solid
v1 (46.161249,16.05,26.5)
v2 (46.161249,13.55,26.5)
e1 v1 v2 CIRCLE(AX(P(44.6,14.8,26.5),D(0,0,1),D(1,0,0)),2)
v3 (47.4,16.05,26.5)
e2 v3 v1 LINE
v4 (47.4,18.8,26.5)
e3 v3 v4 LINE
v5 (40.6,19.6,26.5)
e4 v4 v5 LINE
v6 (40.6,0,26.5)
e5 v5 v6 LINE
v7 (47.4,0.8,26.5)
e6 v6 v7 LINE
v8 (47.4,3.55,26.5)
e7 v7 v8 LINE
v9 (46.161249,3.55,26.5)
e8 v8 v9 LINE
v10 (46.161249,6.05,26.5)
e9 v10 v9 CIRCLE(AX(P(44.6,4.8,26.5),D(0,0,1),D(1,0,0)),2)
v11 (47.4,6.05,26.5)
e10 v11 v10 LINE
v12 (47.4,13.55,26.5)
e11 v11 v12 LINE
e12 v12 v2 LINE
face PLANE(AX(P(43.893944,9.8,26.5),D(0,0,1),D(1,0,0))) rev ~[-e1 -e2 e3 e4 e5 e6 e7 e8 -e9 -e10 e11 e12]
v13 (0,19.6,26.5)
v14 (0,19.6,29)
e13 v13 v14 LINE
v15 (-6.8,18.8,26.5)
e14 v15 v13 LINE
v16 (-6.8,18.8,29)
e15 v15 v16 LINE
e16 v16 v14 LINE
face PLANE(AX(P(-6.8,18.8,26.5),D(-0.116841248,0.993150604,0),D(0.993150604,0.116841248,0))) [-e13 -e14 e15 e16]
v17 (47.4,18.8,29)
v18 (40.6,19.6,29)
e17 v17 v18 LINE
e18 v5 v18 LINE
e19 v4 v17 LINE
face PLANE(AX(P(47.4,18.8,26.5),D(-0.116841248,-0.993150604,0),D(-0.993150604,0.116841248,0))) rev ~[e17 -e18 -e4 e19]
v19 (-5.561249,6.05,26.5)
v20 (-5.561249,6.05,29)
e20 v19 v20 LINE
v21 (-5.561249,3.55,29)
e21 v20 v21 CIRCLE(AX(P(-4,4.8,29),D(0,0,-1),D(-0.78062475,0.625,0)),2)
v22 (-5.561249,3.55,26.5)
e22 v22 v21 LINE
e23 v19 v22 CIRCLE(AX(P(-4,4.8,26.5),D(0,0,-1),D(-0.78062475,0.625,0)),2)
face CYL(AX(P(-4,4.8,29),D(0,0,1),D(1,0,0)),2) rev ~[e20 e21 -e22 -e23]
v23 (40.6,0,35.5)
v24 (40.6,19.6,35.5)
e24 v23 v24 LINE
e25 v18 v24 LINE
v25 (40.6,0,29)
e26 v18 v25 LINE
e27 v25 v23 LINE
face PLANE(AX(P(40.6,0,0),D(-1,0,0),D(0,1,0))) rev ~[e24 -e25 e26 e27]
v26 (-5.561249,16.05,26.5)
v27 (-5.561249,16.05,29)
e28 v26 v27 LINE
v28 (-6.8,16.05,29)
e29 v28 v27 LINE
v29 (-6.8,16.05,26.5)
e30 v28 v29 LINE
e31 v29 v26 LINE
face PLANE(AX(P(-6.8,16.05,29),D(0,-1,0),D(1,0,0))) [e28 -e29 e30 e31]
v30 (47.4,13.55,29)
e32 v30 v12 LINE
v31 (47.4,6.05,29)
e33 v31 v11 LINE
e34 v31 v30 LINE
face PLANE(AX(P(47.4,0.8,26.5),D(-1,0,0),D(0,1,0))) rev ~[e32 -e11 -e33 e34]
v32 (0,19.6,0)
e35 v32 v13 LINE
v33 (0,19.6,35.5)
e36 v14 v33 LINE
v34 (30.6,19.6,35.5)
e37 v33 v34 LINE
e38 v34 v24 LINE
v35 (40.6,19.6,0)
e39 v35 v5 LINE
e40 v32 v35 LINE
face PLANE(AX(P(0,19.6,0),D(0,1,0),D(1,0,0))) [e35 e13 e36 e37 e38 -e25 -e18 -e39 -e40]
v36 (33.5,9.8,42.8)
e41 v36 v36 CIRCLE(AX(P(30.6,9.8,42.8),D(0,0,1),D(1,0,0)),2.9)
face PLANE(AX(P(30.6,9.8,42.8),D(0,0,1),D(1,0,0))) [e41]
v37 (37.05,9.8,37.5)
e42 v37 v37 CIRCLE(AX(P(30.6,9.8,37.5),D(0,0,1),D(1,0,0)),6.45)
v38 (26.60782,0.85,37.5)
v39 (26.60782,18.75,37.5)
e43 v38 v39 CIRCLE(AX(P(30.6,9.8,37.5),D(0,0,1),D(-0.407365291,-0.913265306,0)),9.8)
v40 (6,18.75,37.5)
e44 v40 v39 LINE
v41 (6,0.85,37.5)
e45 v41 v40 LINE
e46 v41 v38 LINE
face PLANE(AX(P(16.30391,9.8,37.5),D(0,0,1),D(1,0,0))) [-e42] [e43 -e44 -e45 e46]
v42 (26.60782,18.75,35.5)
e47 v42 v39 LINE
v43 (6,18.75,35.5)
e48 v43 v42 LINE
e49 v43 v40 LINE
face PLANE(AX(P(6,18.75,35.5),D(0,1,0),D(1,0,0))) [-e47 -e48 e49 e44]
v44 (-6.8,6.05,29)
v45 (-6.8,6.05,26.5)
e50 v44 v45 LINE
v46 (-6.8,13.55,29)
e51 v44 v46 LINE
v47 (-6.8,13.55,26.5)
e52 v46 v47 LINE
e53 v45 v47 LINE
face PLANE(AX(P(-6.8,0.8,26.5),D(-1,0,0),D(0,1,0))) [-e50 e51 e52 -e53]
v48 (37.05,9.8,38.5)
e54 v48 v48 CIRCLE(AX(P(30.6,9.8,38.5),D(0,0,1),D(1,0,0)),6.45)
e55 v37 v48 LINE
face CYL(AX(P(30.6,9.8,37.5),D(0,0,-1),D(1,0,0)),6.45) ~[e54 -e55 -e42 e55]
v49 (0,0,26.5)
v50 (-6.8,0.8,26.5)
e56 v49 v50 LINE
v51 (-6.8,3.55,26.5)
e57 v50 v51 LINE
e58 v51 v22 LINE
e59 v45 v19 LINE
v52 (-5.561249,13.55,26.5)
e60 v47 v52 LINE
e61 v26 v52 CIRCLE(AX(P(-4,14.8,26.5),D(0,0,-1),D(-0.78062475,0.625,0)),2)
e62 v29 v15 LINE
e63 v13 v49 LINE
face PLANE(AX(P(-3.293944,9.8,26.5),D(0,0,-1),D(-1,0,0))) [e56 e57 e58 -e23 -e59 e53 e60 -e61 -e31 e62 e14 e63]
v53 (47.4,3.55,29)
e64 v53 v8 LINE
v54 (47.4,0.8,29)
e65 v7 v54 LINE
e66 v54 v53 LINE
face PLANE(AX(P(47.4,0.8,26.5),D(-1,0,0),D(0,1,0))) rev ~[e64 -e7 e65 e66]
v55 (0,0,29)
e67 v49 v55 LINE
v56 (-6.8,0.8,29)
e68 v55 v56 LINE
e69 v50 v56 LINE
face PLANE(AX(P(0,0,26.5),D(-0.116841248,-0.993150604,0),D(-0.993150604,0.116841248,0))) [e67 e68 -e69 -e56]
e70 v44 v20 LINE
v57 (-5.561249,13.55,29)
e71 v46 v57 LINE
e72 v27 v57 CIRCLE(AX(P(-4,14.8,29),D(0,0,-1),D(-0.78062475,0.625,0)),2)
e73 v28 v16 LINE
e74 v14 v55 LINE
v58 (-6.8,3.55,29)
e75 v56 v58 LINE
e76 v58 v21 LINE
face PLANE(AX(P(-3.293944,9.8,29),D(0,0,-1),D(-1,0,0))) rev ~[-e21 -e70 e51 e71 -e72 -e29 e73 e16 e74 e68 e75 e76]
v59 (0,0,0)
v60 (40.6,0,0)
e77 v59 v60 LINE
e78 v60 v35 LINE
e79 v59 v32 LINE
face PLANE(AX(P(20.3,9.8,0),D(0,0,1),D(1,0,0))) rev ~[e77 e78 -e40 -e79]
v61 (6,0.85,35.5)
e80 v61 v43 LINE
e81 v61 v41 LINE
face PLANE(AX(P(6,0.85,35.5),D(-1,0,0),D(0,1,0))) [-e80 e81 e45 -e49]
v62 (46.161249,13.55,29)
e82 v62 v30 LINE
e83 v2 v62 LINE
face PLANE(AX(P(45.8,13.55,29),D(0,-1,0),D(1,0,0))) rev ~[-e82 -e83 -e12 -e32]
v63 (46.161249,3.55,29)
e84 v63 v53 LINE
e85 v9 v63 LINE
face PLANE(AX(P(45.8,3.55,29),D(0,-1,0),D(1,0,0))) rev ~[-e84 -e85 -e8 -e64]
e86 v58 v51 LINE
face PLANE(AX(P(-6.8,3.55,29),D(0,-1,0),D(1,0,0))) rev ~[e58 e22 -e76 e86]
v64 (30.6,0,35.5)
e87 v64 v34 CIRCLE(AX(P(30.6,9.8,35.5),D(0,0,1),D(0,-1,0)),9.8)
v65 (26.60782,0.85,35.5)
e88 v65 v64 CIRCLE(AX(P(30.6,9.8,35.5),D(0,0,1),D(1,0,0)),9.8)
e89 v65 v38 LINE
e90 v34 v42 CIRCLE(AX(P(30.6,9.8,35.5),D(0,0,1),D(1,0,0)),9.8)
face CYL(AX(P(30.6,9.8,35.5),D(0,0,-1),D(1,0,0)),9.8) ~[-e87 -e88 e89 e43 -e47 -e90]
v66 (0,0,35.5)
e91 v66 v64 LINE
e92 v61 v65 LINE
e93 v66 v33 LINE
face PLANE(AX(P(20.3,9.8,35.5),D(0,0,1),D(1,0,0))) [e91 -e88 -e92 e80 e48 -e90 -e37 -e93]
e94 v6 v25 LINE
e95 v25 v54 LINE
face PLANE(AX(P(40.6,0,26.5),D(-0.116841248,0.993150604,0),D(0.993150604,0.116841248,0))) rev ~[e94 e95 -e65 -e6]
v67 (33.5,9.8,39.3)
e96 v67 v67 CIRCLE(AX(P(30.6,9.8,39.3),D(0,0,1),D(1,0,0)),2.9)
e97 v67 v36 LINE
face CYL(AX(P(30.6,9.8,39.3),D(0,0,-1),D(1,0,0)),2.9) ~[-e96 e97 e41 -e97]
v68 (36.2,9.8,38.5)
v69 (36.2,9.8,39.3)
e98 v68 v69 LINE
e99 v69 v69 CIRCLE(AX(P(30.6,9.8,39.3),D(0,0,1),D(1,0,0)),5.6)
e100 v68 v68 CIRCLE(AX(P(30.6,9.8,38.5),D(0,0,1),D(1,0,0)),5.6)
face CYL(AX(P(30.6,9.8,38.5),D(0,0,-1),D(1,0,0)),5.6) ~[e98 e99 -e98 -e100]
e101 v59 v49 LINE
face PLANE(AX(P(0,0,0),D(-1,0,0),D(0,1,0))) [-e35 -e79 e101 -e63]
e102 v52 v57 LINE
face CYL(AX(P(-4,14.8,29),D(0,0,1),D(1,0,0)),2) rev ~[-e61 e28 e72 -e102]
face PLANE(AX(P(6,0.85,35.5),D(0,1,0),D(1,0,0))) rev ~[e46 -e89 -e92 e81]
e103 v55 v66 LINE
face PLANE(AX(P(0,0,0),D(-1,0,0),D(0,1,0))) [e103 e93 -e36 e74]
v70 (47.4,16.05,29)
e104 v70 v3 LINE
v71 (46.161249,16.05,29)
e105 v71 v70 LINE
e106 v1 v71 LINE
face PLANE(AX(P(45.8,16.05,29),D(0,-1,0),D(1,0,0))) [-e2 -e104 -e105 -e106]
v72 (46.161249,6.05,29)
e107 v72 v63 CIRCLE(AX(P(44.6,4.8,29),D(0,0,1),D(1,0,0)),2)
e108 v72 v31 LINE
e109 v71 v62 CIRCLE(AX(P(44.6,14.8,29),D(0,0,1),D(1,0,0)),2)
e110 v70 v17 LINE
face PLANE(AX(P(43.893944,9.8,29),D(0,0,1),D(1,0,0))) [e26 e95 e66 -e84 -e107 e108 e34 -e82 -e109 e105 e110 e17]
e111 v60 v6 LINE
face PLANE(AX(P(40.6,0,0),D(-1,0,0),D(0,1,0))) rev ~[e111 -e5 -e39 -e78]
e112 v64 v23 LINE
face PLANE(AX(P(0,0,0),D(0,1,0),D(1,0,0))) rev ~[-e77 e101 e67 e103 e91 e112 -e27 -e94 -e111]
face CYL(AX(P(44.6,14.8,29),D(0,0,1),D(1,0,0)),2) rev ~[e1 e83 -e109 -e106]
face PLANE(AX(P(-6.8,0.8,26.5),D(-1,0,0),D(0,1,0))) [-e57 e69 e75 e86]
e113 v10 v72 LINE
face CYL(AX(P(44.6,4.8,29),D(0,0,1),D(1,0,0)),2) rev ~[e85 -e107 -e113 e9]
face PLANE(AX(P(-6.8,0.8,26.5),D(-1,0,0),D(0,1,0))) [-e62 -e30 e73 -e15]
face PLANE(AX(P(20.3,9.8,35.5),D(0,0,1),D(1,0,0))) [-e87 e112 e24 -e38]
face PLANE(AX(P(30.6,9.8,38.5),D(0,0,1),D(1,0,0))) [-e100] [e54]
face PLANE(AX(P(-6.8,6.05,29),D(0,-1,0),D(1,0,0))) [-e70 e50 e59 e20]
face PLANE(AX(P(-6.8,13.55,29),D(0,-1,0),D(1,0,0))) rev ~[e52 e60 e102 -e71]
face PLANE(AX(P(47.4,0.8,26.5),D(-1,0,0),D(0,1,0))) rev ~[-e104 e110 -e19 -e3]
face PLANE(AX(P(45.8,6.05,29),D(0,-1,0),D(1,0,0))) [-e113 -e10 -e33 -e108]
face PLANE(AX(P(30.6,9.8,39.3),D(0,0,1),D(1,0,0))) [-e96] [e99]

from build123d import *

# Parameters (mm, degrees)
SKETCH_1_W          = 40.6
SKETCH_1_H          = 19.6
EXTRUDE_1_DEPTH     = 35.5
SKETCH_2_R          = 9.8
EXTRUDE_2_DEPTH     = 2
SKETCH_3_W          = 20.607820144
SKETCH_3_H          = 17.9
EXTRUDE_3_DEPTH     = 2
SKETCH_4_R          = 6.45
EXTRUDE_4_DEPTH     = 1
SKETCH_5_R          = 5.6
EXTRUDE_5_DEPTH     = 0.8
SKETCH_7_R          = 2.9
EXTRUDE_6_DEPTH     = 3.5
EXTRUDE_7_DEPTH     = 2.5
CUT_EXTRUDE_1_REACH = 31
SKETCH_9_R          = 2
CUT_EXTRUDE_2_REACH = 31
SKETCH_10_W         = 1.6
SKETCH_10_H         = 2.5


with BuildPart() as part:
    # ｽｹｯﾁ1 → ﾎﾞｽ - 押し出し1 (new body)
    with BuildSketch(Plane.XY):
        with Locations((20.3, 9.8)):
            Rectangle(SKETCH_1_W, SKETCH_1_H)
    extrude(amount=EXTRUDE_1_DEPTH)

    # ｽｹｯﾁ2 → ﾎﾞｽ - 押し出し2 (add)
    with BuildSketch(Plane.XY.offset(35.5)):
        with Locations((30.6, 9.8)):
            Circle(SKETCH_2_R)
    extrude(amount=EXTRUDE_2_DEPTH)

    # ｽｹｯﾁ3 → ﾎﾞｽ - 押し出し3 (add)
    with BuildSketch(Plane.XY.offset(35.5)):
        with Locations((16.303910072, 9.8)):
            Rectangle(SKETCH_3_W, SKETCH_3_H)
    extrude(amount=EXTRUDE_3_DEPTH)

    # ｽｹｯﾁ4 → ﾎﾞｽ - 押し出し4 (add)
    with BuildSketch(Plane.XY.offset(37.5)):
        with Locations((30.6, 9.8)):
            Circle(SKETCH_4_R)
    extrude(amount=EXTRUDE_4_DEPTH)

    # ｽｹｯﾁ5 → ﾎﾞｽ - 押し出し5 (add)
    with BuildSketch(Plane.XY.offset(38.5)):
        with Locations((30.6, 9.8)):
            Circle(SKETCH_5_R)
    extrude(amount=EXTRUDE_5_DEPTH)

    # ｽｹｯﾁ7 → ﾎﾞｽ - 押し出し6 (add)
    with BuildSketch(Plane.XY.offset(39.3)):
        with Locations((30.6, 9.8)):
            Circle(SKETCH_7_R)
    extrude(amount=EXTRUDE_6_DEPTH)

    # ｽｹｯﾁ8 → ﾎﾞｽ - 押し出し7 (add)
    with BuildSketch(Plane.XY.offset(26.5)):
        Polygon((0, 0), (-6.8, 0.8), (-6.8, 18.8), (0, 19.6), align=None)
        Polygon((40.6, 19.6), (40.6, 0), (47.4, 0.8), (47.4, 18.8), align=None)
    extrude(amount=EXTRUDE_7_DEPTH)

    # ｽｹｯﾁ9 → ｶｯﾄ - 押し出し1 (cut, up to next)
    with BuildSketch(Plane.XY.offset(29), mode=Mode.PRIVATE) as cut_extrude_1_sk1:
        with Locations((-4, 4.8)):
            Circle(SKETCH_9_R)
    cut_extrude_1_tool1 = extrude(cut_extrude_1_sk1.sketch, amount=-CUT_EXTRUDE_1_REACH, mode=Mode.PRIVATE) & part.part
    add(cut_extrude_1_tool1.solids().sort_by_distance((-4, 4.8, 29))[0], mode=Mode.SUBTRACT)
    # ｽｹｯﾁ9 → ｶｯﾄ - 押し出し1 (cut, up to next)
    with BuildSketch(Plane.XY.offset(29), mode=Mode.PRIVATE) as cut_extrude_1_sk2:
        with Locations((-4, 14.8)):
            Circle(SKETCH_9_R)
    cut_extrude_1_tool2 = extrude(cut_extrude_1_sk2.sketch, amount=-CUT_EXTRUDE_1_REACH, mode=Mode.PRIVATE) & part.part
    add(cut_extrude_1_tool2.solids().sort_by_distance((-4, 14.8, 29))[0], mode=Mode.SUBTRACT)
    # ｽｹｯﾁ9 → ｶｯﾄ - 押し出し1 (cut, up to next)
    with BuildSketch(Plane.XY.offset(29), mode=Mode.PRIVATE) as cut_extrude_1_sk3:
        with Locations((44.6, 14.8)):
            Circle(SKETCH_9_R)
    cut_extrude_1_tool3 = extrude(cut_extrude_1_sk3.sketch, amount=-CUT_EXTRUDE_1_REACH, mode=Mode.PRIVATE) & part.part
    add(cut_extrude_1_tool3.solids().sort_by_distance((44.6, 14.8, 29))[0], mode=Mode.SUBTRACT)
    # ｽｹｯﾁ9 → ｶｯﾄ - 押し出し1 (cut, up to next)
    with BuildSketch(Plane.XY.offset(29), mode=Mode.PRIVATE) as cut_extrude_1_sk4:
        with Locations((44.6, 4.8)):
            Circle(SKETCH_9_R)
    cut_extrude_1_tool4 = extrude(cut_extrude_1_sk4.sketch, amount=-CUT_EXTRUDE_1_REACH, mode=Mode.PRIVATE) & part.part
    add(cut_extrude_1_tool4.solids().sort_by_distance((44.6, 4.8, 29))[0], mode=Mode.SUBTRACT)

    # ｽｹｯﾁ10 → ｶｯﾄ - 押し出し2 (cut, up to next)
    with BuildSketch(Plane.XY.offset(29), mode=Mode.PRIVATE) as cut_extrude_2_sk1:
        with Locations((-6, 4.8)):
            Rectangle(SKETCH_10_W, SKETCH_10_H)
    cut_extrude_2_tool1 = extrude(cut_extrude_2_sk1.sketch, amount=-CUT_EXTRUDE_2_REACH, mode=Mode.PRIVATE) & part.part
    add(cut_extrude_2_tool1.solids().sort_by_distance((-6, 4.8, 29))[0], mode=Mode.SUBTRACT)
    # ｽｹｯﾁ10 → ｶｯﾄ - 押し出し2 (cut, up to next)
    with BuildSketch(Plane.XY.offset(29), mode=Mode.PRIVATE) as cut_extrude_2_sk2:
        with Locations((-6, 14.8)):
            Rectangle(SKETCH_10_W, SKETCH_10_H)
    cut_extrude_2_tool2 = extrude(cut_extrude_2_sk2.sketch, amount=-CUT_EXTRUDE_2_REACH, mode=Mode.PRIVATE) & part.part
    add(cut_extrude_2_tool2.solids().sort_by_distance((-6, 14.8, 29))[0], mode=Mode.SUBTRACT)
    # ｽｹｯﾁ10 → ｶｯﾄ - 押し出し2 (cut, up to next)
    with BuildSketch(Plane.XY.offset(29), mode=Mode.PRIVATE) as cut_extrude_2_sk3:
        with Locations((46.6, 14.8)):
            Rectangle(SKETCH_10_W, SKETCH_10_H)
    cut_extrude_2_tool3 = extrude(cut_extrude_2_sk3.sketch, amount=-CUT_EXTRUDE_2_REACH, mode=Mode.PRIVATE) & part.part
    add(cut_extrude_2_tool3.solids().sort_by_distance((46.6, 14.8, 29))[0], mode=Mode.SUBTRACT)
    # ｽｹｯﾁ10 → ｶｯﾄ - 押し出し2 (cut, up to next)
    with BuildSketch(Plane.XY.offset(29), mode=Mode.PRIVATE) as cut_extrude_2_sk4:
        with Locations((46.6, 4.8)):
            Rectangle(SKETCH_10_W, SKETCH_10_H)
    cut_extrude_2_tool4 = extrude(cut_extrude_2_sk4.sketch, amount=-CUT_EXTRUDE_2_REACH, mode=Mode.PRIVATE) & part.part
    add(cut_extrude_2_tool4.solids().sort_by_distance((46.6, 4.8, 29))[0], mode=Mode.SUBTRACT)


solid = part.part
